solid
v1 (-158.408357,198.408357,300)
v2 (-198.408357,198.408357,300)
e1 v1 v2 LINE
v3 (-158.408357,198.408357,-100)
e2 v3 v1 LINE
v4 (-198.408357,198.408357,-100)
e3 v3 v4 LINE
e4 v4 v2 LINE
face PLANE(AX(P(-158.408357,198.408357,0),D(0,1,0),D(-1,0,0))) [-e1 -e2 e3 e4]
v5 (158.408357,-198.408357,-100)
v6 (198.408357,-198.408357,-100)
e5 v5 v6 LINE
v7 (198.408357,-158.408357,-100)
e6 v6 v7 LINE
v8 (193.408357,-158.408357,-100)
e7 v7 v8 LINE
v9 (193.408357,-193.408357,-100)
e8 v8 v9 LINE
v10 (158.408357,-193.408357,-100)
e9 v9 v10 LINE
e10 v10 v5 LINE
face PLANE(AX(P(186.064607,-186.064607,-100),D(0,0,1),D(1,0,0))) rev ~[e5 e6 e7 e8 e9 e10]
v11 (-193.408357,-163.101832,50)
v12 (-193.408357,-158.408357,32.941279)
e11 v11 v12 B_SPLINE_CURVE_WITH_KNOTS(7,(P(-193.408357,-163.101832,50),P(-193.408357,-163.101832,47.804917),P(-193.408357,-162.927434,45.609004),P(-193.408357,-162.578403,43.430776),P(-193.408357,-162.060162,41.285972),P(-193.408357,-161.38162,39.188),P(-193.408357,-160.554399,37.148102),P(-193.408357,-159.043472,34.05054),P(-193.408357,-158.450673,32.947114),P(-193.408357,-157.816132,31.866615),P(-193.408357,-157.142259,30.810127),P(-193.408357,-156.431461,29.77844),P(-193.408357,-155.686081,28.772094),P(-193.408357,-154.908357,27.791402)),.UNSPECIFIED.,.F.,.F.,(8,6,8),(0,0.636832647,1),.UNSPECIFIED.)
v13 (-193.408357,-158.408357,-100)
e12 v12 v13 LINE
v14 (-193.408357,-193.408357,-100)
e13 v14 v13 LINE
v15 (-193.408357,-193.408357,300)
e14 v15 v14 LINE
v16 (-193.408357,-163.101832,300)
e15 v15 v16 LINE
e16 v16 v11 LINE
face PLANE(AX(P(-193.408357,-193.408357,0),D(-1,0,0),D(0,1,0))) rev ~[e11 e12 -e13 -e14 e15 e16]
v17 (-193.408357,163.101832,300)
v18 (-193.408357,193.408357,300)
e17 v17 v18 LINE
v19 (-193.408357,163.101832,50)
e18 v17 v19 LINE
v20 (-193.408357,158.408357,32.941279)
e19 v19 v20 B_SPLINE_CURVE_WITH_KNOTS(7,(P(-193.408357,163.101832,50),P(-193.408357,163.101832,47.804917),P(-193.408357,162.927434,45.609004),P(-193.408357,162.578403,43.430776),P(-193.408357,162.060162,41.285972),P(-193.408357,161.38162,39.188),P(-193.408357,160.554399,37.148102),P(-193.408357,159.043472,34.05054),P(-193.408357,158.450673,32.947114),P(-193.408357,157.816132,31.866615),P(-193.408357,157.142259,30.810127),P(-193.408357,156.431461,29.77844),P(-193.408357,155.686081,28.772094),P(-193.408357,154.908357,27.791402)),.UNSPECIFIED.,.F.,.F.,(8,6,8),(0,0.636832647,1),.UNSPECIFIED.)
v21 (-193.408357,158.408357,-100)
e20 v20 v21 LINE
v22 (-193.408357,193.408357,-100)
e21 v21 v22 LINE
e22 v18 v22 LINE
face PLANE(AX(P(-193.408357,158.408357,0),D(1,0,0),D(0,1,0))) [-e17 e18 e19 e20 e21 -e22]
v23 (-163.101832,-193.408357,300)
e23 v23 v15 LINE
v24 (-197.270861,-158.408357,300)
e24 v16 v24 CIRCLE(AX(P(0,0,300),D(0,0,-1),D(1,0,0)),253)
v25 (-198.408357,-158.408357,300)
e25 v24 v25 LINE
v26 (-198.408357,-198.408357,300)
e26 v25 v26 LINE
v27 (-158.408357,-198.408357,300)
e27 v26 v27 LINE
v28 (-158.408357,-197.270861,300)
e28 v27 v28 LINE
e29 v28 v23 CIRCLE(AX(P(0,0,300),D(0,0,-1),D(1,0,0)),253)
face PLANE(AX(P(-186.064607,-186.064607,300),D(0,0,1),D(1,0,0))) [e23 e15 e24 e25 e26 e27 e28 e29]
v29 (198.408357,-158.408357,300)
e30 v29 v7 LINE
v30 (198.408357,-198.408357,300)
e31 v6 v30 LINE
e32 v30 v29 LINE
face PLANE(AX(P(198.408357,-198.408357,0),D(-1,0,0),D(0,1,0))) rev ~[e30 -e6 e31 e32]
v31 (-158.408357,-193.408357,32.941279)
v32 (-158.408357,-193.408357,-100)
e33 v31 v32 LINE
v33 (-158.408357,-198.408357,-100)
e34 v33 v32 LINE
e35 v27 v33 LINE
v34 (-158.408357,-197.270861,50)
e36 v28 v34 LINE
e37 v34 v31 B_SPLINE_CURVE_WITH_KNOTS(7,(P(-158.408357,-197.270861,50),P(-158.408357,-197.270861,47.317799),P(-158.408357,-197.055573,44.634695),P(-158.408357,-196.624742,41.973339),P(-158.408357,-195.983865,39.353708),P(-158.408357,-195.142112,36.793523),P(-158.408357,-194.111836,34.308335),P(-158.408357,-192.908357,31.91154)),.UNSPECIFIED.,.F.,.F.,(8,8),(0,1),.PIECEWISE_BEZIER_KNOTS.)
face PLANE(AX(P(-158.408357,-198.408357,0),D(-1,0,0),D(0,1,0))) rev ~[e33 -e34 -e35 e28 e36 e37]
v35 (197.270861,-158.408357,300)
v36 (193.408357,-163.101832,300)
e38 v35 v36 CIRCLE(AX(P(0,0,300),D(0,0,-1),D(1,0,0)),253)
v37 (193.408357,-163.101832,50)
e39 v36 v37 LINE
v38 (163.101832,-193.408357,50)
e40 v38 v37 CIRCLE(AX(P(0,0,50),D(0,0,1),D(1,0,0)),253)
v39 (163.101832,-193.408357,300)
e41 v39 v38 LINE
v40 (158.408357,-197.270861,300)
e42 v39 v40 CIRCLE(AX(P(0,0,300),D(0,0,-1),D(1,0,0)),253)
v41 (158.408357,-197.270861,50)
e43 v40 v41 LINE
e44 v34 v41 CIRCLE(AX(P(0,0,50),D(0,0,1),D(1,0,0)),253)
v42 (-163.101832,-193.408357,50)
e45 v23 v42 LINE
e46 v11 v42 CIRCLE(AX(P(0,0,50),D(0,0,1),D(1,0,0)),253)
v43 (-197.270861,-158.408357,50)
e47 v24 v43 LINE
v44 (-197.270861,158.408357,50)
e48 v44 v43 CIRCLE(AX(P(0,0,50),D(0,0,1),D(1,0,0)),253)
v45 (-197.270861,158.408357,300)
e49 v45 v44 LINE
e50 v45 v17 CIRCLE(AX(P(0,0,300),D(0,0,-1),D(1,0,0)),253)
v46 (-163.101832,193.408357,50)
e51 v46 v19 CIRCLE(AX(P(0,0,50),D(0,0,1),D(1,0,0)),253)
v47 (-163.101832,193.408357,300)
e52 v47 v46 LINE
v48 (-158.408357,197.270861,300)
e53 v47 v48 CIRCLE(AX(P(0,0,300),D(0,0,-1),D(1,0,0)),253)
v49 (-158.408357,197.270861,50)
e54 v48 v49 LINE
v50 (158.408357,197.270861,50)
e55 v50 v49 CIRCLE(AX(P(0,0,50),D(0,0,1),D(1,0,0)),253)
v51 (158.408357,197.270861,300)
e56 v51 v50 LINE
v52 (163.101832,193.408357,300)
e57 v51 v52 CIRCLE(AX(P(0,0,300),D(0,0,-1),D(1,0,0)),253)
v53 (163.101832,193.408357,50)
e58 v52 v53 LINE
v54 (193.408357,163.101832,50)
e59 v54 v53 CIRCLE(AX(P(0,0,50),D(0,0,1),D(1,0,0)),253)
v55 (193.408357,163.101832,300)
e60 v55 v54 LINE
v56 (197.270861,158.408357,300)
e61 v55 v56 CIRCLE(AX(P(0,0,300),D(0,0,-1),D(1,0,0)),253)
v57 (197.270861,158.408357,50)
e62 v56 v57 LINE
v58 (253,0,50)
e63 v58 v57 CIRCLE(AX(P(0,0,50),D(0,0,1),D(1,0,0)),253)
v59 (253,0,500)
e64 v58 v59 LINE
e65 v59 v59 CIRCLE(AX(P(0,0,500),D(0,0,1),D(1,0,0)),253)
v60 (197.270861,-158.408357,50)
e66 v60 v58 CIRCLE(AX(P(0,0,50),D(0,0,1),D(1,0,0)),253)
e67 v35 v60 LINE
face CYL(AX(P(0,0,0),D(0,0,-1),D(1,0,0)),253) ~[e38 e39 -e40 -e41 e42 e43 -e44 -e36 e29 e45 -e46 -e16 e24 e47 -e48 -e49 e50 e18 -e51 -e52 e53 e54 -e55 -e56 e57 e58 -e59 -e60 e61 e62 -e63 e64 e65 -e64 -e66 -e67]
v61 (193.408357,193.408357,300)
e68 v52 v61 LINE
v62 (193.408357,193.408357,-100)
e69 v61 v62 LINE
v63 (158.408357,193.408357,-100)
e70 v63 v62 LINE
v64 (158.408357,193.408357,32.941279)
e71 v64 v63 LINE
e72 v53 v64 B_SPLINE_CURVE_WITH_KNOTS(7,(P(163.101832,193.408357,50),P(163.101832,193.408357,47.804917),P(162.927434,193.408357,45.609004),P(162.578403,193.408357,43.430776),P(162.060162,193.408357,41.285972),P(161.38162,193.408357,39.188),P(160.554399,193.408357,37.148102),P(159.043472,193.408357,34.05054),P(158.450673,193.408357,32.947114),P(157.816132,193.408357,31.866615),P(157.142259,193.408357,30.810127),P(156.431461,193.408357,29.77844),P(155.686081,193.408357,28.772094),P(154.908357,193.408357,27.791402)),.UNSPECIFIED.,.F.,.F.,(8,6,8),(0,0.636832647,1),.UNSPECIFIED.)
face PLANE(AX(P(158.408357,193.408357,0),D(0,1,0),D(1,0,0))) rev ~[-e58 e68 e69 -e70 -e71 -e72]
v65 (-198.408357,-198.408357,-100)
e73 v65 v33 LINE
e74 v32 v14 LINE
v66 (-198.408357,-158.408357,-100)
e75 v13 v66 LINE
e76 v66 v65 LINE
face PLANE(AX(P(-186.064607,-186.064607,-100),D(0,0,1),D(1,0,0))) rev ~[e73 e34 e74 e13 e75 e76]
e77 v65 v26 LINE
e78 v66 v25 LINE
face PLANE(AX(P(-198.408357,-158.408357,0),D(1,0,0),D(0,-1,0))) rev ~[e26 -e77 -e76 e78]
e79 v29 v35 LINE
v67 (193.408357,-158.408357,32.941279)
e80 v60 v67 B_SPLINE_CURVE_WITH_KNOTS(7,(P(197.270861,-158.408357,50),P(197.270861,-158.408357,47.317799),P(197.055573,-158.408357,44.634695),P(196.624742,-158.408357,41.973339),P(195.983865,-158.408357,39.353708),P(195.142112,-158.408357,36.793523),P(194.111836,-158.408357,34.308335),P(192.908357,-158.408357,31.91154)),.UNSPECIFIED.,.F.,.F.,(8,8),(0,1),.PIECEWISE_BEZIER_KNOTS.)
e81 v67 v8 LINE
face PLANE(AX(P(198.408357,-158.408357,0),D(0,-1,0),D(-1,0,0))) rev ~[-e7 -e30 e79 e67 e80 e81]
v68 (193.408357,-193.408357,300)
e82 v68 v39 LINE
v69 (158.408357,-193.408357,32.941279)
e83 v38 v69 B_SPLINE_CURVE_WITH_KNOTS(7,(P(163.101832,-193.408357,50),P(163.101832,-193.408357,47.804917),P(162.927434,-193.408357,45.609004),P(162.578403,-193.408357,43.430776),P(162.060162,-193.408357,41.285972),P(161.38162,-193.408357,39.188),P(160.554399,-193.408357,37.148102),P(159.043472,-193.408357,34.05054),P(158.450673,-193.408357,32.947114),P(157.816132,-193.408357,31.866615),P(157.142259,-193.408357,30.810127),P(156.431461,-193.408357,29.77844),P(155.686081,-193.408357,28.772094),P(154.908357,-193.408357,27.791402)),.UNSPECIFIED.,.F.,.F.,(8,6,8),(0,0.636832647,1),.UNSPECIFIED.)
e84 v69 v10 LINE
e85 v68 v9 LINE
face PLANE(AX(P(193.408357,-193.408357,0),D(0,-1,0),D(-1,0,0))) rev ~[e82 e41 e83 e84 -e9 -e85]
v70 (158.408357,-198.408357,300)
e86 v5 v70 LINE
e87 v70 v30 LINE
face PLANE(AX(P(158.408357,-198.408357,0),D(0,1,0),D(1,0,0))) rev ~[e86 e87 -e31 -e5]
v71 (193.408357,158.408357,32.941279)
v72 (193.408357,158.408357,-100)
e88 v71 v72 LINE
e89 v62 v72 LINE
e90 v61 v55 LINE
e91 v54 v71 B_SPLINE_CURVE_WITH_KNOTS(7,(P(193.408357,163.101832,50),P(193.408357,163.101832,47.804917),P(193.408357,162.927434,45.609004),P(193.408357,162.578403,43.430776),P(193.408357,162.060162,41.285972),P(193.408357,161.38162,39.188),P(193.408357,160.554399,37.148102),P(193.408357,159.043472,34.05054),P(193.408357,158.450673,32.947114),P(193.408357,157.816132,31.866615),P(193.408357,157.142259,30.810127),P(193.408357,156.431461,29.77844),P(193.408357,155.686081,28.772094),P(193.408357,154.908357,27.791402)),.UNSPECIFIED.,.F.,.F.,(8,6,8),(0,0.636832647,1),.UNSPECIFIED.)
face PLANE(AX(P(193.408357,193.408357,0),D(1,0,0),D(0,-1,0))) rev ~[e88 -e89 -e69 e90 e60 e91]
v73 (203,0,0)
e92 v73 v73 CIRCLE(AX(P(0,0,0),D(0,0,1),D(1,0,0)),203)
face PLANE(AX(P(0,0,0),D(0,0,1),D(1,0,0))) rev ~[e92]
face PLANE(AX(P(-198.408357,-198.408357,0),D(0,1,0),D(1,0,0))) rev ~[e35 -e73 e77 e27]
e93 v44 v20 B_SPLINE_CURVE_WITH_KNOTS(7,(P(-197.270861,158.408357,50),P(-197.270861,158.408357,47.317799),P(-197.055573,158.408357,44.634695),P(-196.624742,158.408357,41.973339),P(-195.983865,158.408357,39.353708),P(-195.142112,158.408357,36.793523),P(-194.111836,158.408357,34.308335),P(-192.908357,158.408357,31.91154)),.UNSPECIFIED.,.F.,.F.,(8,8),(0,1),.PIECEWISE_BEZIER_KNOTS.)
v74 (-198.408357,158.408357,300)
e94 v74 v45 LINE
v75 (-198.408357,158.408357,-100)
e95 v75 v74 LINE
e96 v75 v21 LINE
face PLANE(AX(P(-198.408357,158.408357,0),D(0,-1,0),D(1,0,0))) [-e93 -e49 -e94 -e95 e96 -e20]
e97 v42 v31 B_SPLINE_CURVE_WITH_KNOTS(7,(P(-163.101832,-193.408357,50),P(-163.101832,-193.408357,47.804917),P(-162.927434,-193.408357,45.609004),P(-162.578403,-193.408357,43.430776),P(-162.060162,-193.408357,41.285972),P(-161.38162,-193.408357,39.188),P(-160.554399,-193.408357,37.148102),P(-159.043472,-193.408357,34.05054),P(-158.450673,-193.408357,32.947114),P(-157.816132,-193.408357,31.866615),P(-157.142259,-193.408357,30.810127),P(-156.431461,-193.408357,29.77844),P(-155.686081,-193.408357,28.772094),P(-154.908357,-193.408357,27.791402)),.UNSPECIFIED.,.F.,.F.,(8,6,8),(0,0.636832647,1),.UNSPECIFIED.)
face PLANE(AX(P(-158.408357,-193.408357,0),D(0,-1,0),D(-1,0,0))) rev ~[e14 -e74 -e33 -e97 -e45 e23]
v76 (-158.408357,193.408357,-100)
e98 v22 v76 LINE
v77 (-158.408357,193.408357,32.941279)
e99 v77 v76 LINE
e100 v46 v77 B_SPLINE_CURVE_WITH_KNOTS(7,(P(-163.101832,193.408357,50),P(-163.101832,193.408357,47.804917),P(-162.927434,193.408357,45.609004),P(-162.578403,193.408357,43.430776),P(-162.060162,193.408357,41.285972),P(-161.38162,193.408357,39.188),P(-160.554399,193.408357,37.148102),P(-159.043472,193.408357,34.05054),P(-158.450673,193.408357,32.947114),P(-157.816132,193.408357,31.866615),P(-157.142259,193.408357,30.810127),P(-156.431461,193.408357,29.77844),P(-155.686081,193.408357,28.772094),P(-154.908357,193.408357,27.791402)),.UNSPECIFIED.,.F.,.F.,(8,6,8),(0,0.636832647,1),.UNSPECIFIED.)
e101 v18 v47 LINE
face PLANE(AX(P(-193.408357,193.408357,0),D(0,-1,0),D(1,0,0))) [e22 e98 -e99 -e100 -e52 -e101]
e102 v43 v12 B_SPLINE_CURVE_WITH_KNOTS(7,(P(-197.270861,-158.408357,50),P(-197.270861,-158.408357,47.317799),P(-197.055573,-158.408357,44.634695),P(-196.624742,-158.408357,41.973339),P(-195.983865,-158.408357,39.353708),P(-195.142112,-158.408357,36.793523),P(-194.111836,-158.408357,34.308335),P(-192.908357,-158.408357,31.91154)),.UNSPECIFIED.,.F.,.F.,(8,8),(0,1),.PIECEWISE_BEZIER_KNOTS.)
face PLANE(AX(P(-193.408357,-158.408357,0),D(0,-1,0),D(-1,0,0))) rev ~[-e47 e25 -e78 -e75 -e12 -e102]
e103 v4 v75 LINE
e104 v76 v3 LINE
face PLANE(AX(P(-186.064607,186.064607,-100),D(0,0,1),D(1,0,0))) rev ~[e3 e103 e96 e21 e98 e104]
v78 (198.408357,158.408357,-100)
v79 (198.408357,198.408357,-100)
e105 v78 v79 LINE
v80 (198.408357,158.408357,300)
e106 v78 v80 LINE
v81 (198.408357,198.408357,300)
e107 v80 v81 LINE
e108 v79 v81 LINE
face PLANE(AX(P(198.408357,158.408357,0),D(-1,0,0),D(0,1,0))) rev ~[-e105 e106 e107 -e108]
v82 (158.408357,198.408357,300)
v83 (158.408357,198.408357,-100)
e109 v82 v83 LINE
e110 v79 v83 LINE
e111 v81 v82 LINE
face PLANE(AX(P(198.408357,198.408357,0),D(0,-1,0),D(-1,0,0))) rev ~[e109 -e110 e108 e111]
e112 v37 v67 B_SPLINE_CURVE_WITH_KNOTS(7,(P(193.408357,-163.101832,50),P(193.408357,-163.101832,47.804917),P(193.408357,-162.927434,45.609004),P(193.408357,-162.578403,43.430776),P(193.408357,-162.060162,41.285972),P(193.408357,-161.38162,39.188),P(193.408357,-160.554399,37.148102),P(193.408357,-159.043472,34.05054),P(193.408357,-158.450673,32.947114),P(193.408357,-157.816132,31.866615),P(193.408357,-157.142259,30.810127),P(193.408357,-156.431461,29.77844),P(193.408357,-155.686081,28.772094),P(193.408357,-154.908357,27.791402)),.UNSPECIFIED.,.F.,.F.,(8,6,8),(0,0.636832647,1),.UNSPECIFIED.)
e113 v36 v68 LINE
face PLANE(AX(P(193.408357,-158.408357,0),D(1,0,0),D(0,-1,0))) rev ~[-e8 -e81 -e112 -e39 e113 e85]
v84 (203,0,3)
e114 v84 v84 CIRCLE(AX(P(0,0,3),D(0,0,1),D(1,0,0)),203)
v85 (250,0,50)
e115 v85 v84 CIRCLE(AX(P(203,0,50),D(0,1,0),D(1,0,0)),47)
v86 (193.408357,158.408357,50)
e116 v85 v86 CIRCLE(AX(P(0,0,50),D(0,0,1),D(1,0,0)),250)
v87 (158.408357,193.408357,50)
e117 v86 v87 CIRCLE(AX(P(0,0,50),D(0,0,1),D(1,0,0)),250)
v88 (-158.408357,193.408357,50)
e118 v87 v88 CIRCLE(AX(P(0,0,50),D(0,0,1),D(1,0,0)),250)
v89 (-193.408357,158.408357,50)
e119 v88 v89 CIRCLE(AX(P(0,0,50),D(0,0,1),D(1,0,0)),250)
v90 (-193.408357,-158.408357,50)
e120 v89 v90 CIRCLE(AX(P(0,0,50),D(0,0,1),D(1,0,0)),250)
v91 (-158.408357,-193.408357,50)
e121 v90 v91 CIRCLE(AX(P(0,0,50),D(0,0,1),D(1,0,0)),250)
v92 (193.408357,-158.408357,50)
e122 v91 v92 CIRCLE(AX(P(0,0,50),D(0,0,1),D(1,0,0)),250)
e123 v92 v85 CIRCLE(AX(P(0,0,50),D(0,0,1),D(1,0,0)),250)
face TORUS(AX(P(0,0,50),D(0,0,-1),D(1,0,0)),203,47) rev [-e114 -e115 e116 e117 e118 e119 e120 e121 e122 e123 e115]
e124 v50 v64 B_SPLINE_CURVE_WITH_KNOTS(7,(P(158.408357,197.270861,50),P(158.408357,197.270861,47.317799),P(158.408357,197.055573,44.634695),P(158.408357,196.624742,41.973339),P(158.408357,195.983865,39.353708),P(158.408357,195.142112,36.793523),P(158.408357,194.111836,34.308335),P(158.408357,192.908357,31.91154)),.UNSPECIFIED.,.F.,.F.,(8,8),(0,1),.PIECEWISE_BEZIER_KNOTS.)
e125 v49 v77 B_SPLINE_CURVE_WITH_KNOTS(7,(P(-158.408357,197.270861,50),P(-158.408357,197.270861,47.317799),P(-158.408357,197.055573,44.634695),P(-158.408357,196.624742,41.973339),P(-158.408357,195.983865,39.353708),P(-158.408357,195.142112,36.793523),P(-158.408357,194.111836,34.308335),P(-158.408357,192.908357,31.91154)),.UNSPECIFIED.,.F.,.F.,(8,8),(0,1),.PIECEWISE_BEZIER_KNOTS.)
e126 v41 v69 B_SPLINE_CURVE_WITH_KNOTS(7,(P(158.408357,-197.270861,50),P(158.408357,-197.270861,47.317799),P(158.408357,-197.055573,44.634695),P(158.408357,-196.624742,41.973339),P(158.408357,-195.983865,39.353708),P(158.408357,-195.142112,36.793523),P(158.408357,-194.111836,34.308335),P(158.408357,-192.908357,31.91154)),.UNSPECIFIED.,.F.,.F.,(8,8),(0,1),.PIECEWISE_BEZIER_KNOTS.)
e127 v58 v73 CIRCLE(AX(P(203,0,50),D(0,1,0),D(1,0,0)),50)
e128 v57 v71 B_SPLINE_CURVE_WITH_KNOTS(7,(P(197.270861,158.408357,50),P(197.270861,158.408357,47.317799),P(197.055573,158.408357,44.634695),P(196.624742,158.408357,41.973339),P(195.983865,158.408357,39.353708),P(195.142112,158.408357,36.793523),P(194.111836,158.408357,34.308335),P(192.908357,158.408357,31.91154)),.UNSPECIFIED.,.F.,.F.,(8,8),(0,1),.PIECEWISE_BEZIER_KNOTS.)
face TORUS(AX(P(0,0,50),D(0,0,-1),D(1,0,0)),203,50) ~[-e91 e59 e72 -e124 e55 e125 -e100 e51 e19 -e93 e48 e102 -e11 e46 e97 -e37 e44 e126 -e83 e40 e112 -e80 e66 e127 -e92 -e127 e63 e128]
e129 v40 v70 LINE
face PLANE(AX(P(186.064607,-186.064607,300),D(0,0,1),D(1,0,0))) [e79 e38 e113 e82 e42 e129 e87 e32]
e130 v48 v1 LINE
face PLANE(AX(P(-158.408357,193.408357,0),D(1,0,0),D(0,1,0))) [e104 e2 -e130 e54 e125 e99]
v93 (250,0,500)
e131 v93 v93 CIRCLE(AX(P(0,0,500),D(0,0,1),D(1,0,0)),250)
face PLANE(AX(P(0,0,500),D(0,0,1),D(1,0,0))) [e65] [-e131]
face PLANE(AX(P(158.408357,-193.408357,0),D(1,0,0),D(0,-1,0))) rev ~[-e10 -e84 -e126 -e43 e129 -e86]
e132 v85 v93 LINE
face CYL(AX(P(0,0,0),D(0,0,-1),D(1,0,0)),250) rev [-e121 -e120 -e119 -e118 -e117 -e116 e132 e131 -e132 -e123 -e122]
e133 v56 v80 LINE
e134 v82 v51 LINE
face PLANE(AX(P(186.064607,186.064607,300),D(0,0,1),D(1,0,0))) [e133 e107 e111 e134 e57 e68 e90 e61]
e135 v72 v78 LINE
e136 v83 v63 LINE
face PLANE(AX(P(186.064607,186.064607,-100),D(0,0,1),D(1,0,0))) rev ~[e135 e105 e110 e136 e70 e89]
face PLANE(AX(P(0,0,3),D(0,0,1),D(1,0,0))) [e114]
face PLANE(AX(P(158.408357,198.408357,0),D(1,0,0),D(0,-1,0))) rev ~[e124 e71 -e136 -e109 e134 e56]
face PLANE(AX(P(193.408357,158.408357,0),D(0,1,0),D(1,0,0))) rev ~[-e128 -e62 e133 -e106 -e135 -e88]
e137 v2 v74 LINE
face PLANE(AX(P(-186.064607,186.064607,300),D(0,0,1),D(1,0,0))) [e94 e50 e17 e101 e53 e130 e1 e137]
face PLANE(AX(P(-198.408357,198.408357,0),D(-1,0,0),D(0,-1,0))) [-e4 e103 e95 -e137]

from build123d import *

# Parameters (mm, degrees)
F0_R          = 253
F1_DEPTH      = 500
F2_R          = 50
F3_T          = -3
F5_DEPTH      = 300
F5_DEPTH_BACK = 100


with BuildPart() as f1:
    # F0 (on Top) → F1 (new body)
    with BuildSketch(Plane.XY):
        Circle(F0_R)
    extrude(amount=F1_DEPTH)

    # F2
    f2_edges = [f1.edges().sort_by_distance(p)[0] for p in [
        (-253, 0, 0),
    ]]
    fillet(f2_edges, radius=F2_R)

    # F3
    f3_openings = [f1.faces().sort_by_distance(p)[0] for p in [
        (0, 0, 500),
    ]]
    offset(amount=F3_T, openings=f3_openings)

    # F4 (on Top) → F5 (join, two sides)
    with BuildSketch(Plane.XY) as f5_sk:
        Polygon((-158.408357, 193.408357), (-158.408357, 198.408357), (-198.408357, 198.408357), (-198.408357, 158.408357), (-193.408357, 158.408357), (-193.408357, 193.408357), align=None)
        Polygon((158.408357, 198.408357), (158.408357, 193.408357), (193.408357, 193.408357), (193.408357, 158.408357), (198.408357, 158.408357), (198.408357, 198.408357), align=None)
        Polygon((198.408357, -198.408357), (198.408357, -158.408357), (193.408357, -158.408357), (193.408357, -193.408357), (158.408357, -193.408357), (158.408357, -198.408357), align=None)
        Polygon((-193.408357, -158.408357), (-198.408357, -158.408357), (-198.408357, -198.408357), (-158.408357, -198.408357), (-158.408357, -193.408357), (-193.408357, -193.408357), align=None)
    extrude(amount=F5_DEPTH)
    extrude(f5_sk.sketch, amount=-F5_DEPTH_BACK)


solid = f1.part
